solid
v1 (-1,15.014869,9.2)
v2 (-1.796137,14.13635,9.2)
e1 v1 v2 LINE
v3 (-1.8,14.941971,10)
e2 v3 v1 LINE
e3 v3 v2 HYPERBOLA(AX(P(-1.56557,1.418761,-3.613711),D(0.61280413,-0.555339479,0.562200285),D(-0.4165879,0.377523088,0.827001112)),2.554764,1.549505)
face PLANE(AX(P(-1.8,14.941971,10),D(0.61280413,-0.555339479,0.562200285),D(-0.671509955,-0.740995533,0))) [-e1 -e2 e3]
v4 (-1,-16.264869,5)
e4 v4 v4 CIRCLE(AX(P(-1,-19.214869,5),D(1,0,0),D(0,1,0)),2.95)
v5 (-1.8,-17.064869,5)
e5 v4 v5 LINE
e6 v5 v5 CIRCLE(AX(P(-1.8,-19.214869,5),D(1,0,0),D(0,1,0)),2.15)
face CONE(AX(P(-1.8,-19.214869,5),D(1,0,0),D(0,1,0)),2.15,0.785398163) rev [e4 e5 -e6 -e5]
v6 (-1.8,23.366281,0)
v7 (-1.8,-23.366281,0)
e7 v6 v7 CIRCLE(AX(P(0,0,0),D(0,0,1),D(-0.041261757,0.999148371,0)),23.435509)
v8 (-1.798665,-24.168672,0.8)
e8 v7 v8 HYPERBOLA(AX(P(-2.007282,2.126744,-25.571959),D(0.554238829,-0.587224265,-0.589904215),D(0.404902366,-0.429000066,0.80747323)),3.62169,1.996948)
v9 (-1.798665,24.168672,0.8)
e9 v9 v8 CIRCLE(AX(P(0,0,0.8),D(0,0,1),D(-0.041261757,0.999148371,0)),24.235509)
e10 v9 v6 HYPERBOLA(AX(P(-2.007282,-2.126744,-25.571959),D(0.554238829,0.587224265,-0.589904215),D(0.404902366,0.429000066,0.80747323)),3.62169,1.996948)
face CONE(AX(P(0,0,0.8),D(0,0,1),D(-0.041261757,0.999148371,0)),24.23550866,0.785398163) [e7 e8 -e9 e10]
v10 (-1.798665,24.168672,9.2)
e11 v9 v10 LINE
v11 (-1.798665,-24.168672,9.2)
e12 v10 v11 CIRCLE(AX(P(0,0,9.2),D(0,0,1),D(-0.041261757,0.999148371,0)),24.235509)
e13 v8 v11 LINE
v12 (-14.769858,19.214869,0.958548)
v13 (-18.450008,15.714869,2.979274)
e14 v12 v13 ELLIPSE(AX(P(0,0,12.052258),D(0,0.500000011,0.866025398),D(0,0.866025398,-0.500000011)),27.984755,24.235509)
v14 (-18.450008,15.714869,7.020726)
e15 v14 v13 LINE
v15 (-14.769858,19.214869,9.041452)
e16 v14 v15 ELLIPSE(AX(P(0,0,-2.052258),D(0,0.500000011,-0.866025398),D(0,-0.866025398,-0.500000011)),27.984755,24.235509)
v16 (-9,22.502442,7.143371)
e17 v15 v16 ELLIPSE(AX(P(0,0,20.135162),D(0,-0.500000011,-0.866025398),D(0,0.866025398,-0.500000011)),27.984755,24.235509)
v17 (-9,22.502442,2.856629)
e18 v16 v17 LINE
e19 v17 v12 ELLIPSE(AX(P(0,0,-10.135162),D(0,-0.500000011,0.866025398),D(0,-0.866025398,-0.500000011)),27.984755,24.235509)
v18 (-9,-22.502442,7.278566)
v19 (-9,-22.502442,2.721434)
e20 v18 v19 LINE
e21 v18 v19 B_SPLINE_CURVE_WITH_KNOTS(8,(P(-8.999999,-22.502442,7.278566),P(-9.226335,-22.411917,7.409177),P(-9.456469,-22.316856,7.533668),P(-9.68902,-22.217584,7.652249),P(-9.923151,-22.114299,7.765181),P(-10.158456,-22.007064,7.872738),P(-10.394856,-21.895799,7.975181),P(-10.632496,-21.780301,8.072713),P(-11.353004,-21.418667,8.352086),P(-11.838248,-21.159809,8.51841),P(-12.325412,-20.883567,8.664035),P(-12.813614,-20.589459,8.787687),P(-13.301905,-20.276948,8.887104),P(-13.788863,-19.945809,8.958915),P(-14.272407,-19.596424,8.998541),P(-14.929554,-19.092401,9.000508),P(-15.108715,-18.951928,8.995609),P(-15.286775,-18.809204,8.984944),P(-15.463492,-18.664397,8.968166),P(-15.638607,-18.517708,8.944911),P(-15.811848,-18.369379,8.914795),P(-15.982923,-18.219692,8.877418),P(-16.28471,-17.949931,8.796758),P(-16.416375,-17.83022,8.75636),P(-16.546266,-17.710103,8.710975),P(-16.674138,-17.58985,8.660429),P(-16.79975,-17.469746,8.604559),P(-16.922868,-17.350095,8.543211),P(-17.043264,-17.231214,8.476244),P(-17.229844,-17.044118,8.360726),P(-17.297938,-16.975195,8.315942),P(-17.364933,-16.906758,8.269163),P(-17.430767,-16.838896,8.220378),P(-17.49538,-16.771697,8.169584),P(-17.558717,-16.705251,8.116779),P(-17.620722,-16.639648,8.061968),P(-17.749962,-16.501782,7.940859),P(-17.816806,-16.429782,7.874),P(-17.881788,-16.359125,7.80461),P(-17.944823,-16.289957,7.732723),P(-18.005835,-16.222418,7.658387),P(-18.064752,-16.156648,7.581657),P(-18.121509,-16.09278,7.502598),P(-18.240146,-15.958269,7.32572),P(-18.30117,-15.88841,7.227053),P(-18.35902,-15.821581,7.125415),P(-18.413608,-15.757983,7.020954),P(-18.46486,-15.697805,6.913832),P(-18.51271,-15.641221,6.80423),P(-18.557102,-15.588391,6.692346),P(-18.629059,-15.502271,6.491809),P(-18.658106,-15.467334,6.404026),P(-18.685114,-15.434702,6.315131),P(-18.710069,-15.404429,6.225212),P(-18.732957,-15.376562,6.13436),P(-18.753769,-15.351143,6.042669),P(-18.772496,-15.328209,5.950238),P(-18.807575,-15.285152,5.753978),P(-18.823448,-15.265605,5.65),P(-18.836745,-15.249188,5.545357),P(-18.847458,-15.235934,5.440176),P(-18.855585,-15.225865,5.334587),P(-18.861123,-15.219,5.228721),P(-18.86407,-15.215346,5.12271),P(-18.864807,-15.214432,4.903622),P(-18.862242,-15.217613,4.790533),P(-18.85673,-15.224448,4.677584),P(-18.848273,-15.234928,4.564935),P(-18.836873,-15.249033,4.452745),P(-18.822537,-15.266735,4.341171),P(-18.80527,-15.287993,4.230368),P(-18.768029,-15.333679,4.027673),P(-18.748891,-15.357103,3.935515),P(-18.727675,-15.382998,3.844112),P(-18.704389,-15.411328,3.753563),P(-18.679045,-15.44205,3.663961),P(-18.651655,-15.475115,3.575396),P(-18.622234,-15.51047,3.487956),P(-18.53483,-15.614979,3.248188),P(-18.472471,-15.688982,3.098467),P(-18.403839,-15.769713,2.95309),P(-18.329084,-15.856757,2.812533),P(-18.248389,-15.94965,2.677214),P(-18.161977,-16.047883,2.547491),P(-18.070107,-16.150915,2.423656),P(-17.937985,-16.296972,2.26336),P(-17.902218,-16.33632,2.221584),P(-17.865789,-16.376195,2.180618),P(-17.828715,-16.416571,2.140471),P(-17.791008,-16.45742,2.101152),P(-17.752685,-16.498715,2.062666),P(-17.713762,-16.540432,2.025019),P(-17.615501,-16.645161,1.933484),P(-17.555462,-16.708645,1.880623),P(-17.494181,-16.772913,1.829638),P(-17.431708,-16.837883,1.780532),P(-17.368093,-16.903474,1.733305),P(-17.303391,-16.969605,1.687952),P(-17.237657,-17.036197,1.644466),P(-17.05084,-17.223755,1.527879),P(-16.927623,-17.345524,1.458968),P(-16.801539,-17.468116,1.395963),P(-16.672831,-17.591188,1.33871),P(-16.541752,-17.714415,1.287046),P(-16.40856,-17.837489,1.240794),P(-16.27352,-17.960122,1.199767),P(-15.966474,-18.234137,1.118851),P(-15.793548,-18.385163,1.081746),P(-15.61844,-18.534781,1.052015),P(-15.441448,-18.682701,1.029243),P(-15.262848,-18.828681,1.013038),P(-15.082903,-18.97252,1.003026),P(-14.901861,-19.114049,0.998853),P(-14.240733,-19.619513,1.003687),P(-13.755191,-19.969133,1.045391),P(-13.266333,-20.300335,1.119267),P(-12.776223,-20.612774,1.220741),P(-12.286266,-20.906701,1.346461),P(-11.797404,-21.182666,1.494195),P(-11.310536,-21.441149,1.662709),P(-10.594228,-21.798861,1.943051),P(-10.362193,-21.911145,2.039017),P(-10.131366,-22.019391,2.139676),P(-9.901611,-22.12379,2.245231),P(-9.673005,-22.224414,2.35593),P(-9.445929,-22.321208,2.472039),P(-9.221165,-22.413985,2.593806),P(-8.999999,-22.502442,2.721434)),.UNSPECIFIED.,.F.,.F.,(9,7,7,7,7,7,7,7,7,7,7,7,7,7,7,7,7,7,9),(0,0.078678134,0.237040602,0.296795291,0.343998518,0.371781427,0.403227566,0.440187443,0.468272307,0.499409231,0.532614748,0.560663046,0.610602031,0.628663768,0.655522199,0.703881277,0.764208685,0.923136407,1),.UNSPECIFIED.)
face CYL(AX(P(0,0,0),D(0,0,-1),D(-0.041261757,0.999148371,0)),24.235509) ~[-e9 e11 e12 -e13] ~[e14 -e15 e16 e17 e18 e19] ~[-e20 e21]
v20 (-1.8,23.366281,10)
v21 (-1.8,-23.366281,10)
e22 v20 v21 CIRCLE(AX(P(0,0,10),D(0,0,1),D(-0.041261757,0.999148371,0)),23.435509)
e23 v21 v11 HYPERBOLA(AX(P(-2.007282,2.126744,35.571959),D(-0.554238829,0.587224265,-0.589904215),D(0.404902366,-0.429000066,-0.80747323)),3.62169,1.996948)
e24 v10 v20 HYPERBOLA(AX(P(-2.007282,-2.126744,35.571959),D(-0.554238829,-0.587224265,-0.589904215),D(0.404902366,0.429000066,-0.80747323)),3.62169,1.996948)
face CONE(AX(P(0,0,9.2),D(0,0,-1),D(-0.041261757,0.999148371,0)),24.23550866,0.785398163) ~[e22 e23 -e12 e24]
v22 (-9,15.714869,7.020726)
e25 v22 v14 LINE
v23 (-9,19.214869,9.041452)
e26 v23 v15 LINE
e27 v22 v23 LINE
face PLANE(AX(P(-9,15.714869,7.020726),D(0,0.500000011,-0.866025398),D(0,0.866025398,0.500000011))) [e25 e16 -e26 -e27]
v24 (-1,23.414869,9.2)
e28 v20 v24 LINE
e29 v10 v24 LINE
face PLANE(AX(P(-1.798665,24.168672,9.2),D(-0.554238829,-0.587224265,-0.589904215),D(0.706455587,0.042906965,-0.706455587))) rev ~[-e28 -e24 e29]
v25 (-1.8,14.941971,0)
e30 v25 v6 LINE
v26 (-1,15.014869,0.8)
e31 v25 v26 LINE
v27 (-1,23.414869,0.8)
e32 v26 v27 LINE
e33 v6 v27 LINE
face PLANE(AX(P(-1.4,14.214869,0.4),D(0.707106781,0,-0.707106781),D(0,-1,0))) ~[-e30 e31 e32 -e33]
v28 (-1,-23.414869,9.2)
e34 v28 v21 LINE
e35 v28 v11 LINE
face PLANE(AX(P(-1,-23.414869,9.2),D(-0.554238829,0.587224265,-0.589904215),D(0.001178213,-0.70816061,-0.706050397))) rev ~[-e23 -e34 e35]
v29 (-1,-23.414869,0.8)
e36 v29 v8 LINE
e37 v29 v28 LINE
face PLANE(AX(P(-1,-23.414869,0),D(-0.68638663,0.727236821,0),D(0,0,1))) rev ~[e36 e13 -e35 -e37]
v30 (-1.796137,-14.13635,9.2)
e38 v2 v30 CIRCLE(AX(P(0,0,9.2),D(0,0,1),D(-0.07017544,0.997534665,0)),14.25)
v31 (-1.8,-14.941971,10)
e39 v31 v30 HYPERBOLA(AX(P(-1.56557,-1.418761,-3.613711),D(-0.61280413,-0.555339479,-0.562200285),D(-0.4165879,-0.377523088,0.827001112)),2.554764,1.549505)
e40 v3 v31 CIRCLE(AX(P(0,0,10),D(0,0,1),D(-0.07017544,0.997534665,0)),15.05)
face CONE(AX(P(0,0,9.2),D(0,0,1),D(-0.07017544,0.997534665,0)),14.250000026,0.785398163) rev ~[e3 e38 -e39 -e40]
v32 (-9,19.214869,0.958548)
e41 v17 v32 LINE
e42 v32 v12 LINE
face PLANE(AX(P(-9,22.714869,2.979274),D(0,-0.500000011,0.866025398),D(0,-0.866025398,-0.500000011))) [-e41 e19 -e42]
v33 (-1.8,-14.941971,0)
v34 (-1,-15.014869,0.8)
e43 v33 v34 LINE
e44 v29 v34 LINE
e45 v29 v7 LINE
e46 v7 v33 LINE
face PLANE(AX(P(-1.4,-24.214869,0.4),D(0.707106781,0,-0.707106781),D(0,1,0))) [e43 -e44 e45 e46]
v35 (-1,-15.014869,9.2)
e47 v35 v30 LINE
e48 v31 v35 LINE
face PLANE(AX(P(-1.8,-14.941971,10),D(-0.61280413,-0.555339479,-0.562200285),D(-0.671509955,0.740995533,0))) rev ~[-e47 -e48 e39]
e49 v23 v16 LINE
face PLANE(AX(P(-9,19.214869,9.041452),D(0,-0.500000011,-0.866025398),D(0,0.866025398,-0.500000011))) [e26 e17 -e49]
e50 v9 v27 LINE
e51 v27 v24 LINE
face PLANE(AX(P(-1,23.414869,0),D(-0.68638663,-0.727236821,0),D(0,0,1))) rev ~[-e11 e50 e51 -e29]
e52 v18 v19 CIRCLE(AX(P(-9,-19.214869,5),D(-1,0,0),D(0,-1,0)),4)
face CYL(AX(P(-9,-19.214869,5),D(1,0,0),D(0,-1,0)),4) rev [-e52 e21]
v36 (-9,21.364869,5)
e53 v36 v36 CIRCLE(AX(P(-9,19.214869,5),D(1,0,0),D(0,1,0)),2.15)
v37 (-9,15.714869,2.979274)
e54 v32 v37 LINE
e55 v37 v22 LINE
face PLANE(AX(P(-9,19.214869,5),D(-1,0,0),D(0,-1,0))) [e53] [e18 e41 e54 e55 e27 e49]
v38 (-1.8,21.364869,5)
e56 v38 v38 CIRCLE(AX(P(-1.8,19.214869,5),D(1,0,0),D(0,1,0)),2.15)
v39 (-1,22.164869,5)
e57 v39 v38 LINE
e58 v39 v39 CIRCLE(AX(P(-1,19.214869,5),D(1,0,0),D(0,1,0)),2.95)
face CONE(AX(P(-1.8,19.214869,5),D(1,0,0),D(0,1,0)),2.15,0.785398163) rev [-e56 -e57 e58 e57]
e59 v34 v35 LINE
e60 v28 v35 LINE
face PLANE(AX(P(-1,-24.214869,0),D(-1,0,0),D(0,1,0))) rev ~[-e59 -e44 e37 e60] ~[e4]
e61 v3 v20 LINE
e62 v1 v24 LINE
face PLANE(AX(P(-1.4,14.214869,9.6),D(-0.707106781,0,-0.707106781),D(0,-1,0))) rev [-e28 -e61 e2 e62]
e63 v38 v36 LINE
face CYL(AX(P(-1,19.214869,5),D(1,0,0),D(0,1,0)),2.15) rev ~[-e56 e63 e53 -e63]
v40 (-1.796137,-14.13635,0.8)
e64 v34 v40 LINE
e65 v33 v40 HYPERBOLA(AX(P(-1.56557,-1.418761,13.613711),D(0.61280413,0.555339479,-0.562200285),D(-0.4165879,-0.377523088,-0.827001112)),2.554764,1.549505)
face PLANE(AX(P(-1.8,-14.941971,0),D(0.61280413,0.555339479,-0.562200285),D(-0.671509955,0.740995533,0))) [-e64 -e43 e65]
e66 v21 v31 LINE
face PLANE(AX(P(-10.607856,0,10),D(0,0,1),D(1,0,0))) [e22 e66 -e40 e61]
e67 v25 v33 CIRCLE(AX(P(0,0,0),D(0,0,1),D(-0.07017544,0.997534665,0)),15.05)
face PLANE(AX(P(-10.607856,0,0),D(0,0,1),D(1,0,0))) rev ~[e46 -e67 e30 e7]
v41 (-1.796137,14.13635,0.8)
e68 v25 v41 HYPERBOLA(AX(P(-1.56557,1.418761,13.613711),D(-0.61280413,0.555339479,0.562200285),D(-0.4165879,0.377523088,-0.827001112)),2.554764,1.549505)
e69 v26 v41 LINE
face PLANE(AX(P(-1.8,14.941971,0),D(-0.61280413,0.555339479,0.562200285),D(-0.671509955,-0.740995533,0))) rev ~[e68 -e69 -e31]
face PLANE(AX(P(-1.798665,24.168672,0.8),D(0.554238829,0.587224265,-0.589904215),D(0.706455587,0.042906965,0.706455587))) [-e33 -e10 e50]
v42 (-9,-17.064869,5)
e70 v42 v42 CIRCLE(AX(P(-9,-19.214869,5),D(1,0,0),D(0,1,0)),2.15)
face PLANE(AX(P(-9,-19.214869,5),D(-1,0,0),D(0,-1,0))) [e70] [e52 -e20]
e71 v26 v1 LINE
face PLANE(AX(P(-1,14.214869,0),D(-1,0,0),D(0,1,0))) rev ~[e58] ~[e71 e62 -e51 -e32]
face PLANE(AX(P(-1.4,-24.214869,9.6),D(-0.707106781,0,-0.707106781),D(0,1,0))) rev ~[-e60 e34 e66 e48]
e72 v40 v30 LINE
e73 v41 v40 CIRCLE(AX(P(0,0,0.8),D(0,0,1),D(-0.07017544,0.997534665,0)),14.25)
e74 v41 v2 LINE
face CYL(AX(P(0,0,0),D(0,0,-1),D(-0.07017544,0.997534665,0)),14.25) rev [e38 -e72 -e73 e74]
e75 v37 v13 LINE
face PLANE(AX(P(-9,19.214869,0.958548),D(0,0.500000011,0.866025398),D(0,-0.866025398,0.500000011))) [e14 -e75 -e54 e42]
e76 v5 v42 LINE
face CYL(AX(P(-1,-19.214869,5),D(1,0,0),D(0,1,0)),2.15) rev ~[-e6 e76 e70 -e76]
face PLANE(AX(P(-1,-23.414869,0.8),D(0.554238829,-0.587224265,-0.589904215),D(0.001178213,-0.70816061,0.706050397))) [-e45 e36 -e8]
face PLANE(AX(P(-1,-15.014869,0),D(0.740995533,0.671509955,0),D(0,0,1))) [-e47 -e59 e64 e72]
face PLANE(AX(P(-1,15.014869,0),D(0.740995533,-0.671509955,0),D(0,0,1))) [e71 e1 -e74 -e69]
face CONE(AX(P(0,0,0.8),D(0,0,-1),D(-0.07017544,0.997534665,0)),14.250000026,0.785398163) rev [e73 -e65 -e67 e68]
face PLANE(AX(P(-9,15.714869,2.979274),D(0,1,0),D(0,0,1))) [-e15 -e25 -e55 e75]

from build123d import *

# Parameters (mm, degrees)
PAD_DEPTH       = 10
SKETCH001_R     = 2.15
POCKET_DEPTH    = 23.236509
SKETCH002_R     = 4
POCKET001_DEPTH = 15.236509
SKETCH003_R     = 2.15
POCKET002_DEPTH = 23.236509
POCKET003_DEPTH = 15.236509
CHAMFER_SIZE    = 0.8


with BuildPart() as part:
    # Sketch → Pad (new body)
    with BuildSketch(Plane.XY):
        with BuildLine():
            Line((-1, 14.214869), (-1, 24.214869))
            ThreePointArc((-1, 24.214869), (-24.235509, 0), (-1, -24.214869))
            Line((-1, -24.214869), (-1, -14.214869))
            ThreePointArc((-1, 14.214869), (-14.25, 0), (-1, -14.214869))
        make_face()
    extrude(amount=PAD_DEPTH)

    # Sketch001 (on Face3 of Pad) → Pocket (cut, through all)
    with BuildSketch(Plane.YZ.offset(-1)):
        with Locations((-19.214869, 5)):
            Circle(SKETCH001_R)
    extrude(amount=-POCKET_DEPTH, mode=Mode.SUBTRACT)

    # Sketch002 (on DatumPlane) → Pocket001 (cut, through all)
    with BuildSketch(Plane(origin=(-9, -19.214869, 5), x_dir=(0, -1, 0), z_dir=(-1, 0, 0))):
        Circle(SKETCH002_R)
    extrude(amount=POCKET001_DEPTH, mode=Mode.SUBTRACT)

    # Sketch003 (on Face1 of Pocket001) → Pocket002 (cut, through all)
    with BuildSketch(Plane.YZ.offset(-1)):
        with Locations((19.214869, 5)):
            Circle(SKETCH003_R)
    extrude(amount=-POCKET002_DEPTH, mode=Mode.SUBTRACT)

    # Sketch004 (on DatumPlane) → Pocket003 (cut, through all)
    with BuildSketch(Plane(origin=(-9, -19.214869, 5), x_dir=(0, -1, 0), z_dir=(-1, 0, 0))):
        Polygon((-41.929738, 2.020726), (-41.929738, -2.020726), (-38.429738, -4.041452), (-34.929738, -2.020726), (-34.929738, 2.020726), (-38.429738, 4.041452), align=None)
    extrude(amount=POCKET003_DEPTH, mode=Mode.SUBTRACT)

    # Chamfer
    chamfer_edges = [part.edges().sort_by_distance(p)[0] for p in [
        (-1, 19.214869, 10),
        (-24.235509, 0, 10),
        (-1, -19.214869, 10),
        (-14.25, 0, 10),
        (-1, 19.214869, 0),
        (-24.235509, 0, 0),
        (-1, -19.214869, 0),
        (-14.25, 0, 0),
        (-1, 14.214869, 5),
        (-1, 24.214869, 5),
        (-1, 17.064869, 5),
        (-1, -24.214869, 5),
        (-1, -14.214869, 5),
        (-1, -21.364869, 5),
    ]]
    chamfer(chamfer_edges, length=CHAMFER_SIZE)


solid = part.part
